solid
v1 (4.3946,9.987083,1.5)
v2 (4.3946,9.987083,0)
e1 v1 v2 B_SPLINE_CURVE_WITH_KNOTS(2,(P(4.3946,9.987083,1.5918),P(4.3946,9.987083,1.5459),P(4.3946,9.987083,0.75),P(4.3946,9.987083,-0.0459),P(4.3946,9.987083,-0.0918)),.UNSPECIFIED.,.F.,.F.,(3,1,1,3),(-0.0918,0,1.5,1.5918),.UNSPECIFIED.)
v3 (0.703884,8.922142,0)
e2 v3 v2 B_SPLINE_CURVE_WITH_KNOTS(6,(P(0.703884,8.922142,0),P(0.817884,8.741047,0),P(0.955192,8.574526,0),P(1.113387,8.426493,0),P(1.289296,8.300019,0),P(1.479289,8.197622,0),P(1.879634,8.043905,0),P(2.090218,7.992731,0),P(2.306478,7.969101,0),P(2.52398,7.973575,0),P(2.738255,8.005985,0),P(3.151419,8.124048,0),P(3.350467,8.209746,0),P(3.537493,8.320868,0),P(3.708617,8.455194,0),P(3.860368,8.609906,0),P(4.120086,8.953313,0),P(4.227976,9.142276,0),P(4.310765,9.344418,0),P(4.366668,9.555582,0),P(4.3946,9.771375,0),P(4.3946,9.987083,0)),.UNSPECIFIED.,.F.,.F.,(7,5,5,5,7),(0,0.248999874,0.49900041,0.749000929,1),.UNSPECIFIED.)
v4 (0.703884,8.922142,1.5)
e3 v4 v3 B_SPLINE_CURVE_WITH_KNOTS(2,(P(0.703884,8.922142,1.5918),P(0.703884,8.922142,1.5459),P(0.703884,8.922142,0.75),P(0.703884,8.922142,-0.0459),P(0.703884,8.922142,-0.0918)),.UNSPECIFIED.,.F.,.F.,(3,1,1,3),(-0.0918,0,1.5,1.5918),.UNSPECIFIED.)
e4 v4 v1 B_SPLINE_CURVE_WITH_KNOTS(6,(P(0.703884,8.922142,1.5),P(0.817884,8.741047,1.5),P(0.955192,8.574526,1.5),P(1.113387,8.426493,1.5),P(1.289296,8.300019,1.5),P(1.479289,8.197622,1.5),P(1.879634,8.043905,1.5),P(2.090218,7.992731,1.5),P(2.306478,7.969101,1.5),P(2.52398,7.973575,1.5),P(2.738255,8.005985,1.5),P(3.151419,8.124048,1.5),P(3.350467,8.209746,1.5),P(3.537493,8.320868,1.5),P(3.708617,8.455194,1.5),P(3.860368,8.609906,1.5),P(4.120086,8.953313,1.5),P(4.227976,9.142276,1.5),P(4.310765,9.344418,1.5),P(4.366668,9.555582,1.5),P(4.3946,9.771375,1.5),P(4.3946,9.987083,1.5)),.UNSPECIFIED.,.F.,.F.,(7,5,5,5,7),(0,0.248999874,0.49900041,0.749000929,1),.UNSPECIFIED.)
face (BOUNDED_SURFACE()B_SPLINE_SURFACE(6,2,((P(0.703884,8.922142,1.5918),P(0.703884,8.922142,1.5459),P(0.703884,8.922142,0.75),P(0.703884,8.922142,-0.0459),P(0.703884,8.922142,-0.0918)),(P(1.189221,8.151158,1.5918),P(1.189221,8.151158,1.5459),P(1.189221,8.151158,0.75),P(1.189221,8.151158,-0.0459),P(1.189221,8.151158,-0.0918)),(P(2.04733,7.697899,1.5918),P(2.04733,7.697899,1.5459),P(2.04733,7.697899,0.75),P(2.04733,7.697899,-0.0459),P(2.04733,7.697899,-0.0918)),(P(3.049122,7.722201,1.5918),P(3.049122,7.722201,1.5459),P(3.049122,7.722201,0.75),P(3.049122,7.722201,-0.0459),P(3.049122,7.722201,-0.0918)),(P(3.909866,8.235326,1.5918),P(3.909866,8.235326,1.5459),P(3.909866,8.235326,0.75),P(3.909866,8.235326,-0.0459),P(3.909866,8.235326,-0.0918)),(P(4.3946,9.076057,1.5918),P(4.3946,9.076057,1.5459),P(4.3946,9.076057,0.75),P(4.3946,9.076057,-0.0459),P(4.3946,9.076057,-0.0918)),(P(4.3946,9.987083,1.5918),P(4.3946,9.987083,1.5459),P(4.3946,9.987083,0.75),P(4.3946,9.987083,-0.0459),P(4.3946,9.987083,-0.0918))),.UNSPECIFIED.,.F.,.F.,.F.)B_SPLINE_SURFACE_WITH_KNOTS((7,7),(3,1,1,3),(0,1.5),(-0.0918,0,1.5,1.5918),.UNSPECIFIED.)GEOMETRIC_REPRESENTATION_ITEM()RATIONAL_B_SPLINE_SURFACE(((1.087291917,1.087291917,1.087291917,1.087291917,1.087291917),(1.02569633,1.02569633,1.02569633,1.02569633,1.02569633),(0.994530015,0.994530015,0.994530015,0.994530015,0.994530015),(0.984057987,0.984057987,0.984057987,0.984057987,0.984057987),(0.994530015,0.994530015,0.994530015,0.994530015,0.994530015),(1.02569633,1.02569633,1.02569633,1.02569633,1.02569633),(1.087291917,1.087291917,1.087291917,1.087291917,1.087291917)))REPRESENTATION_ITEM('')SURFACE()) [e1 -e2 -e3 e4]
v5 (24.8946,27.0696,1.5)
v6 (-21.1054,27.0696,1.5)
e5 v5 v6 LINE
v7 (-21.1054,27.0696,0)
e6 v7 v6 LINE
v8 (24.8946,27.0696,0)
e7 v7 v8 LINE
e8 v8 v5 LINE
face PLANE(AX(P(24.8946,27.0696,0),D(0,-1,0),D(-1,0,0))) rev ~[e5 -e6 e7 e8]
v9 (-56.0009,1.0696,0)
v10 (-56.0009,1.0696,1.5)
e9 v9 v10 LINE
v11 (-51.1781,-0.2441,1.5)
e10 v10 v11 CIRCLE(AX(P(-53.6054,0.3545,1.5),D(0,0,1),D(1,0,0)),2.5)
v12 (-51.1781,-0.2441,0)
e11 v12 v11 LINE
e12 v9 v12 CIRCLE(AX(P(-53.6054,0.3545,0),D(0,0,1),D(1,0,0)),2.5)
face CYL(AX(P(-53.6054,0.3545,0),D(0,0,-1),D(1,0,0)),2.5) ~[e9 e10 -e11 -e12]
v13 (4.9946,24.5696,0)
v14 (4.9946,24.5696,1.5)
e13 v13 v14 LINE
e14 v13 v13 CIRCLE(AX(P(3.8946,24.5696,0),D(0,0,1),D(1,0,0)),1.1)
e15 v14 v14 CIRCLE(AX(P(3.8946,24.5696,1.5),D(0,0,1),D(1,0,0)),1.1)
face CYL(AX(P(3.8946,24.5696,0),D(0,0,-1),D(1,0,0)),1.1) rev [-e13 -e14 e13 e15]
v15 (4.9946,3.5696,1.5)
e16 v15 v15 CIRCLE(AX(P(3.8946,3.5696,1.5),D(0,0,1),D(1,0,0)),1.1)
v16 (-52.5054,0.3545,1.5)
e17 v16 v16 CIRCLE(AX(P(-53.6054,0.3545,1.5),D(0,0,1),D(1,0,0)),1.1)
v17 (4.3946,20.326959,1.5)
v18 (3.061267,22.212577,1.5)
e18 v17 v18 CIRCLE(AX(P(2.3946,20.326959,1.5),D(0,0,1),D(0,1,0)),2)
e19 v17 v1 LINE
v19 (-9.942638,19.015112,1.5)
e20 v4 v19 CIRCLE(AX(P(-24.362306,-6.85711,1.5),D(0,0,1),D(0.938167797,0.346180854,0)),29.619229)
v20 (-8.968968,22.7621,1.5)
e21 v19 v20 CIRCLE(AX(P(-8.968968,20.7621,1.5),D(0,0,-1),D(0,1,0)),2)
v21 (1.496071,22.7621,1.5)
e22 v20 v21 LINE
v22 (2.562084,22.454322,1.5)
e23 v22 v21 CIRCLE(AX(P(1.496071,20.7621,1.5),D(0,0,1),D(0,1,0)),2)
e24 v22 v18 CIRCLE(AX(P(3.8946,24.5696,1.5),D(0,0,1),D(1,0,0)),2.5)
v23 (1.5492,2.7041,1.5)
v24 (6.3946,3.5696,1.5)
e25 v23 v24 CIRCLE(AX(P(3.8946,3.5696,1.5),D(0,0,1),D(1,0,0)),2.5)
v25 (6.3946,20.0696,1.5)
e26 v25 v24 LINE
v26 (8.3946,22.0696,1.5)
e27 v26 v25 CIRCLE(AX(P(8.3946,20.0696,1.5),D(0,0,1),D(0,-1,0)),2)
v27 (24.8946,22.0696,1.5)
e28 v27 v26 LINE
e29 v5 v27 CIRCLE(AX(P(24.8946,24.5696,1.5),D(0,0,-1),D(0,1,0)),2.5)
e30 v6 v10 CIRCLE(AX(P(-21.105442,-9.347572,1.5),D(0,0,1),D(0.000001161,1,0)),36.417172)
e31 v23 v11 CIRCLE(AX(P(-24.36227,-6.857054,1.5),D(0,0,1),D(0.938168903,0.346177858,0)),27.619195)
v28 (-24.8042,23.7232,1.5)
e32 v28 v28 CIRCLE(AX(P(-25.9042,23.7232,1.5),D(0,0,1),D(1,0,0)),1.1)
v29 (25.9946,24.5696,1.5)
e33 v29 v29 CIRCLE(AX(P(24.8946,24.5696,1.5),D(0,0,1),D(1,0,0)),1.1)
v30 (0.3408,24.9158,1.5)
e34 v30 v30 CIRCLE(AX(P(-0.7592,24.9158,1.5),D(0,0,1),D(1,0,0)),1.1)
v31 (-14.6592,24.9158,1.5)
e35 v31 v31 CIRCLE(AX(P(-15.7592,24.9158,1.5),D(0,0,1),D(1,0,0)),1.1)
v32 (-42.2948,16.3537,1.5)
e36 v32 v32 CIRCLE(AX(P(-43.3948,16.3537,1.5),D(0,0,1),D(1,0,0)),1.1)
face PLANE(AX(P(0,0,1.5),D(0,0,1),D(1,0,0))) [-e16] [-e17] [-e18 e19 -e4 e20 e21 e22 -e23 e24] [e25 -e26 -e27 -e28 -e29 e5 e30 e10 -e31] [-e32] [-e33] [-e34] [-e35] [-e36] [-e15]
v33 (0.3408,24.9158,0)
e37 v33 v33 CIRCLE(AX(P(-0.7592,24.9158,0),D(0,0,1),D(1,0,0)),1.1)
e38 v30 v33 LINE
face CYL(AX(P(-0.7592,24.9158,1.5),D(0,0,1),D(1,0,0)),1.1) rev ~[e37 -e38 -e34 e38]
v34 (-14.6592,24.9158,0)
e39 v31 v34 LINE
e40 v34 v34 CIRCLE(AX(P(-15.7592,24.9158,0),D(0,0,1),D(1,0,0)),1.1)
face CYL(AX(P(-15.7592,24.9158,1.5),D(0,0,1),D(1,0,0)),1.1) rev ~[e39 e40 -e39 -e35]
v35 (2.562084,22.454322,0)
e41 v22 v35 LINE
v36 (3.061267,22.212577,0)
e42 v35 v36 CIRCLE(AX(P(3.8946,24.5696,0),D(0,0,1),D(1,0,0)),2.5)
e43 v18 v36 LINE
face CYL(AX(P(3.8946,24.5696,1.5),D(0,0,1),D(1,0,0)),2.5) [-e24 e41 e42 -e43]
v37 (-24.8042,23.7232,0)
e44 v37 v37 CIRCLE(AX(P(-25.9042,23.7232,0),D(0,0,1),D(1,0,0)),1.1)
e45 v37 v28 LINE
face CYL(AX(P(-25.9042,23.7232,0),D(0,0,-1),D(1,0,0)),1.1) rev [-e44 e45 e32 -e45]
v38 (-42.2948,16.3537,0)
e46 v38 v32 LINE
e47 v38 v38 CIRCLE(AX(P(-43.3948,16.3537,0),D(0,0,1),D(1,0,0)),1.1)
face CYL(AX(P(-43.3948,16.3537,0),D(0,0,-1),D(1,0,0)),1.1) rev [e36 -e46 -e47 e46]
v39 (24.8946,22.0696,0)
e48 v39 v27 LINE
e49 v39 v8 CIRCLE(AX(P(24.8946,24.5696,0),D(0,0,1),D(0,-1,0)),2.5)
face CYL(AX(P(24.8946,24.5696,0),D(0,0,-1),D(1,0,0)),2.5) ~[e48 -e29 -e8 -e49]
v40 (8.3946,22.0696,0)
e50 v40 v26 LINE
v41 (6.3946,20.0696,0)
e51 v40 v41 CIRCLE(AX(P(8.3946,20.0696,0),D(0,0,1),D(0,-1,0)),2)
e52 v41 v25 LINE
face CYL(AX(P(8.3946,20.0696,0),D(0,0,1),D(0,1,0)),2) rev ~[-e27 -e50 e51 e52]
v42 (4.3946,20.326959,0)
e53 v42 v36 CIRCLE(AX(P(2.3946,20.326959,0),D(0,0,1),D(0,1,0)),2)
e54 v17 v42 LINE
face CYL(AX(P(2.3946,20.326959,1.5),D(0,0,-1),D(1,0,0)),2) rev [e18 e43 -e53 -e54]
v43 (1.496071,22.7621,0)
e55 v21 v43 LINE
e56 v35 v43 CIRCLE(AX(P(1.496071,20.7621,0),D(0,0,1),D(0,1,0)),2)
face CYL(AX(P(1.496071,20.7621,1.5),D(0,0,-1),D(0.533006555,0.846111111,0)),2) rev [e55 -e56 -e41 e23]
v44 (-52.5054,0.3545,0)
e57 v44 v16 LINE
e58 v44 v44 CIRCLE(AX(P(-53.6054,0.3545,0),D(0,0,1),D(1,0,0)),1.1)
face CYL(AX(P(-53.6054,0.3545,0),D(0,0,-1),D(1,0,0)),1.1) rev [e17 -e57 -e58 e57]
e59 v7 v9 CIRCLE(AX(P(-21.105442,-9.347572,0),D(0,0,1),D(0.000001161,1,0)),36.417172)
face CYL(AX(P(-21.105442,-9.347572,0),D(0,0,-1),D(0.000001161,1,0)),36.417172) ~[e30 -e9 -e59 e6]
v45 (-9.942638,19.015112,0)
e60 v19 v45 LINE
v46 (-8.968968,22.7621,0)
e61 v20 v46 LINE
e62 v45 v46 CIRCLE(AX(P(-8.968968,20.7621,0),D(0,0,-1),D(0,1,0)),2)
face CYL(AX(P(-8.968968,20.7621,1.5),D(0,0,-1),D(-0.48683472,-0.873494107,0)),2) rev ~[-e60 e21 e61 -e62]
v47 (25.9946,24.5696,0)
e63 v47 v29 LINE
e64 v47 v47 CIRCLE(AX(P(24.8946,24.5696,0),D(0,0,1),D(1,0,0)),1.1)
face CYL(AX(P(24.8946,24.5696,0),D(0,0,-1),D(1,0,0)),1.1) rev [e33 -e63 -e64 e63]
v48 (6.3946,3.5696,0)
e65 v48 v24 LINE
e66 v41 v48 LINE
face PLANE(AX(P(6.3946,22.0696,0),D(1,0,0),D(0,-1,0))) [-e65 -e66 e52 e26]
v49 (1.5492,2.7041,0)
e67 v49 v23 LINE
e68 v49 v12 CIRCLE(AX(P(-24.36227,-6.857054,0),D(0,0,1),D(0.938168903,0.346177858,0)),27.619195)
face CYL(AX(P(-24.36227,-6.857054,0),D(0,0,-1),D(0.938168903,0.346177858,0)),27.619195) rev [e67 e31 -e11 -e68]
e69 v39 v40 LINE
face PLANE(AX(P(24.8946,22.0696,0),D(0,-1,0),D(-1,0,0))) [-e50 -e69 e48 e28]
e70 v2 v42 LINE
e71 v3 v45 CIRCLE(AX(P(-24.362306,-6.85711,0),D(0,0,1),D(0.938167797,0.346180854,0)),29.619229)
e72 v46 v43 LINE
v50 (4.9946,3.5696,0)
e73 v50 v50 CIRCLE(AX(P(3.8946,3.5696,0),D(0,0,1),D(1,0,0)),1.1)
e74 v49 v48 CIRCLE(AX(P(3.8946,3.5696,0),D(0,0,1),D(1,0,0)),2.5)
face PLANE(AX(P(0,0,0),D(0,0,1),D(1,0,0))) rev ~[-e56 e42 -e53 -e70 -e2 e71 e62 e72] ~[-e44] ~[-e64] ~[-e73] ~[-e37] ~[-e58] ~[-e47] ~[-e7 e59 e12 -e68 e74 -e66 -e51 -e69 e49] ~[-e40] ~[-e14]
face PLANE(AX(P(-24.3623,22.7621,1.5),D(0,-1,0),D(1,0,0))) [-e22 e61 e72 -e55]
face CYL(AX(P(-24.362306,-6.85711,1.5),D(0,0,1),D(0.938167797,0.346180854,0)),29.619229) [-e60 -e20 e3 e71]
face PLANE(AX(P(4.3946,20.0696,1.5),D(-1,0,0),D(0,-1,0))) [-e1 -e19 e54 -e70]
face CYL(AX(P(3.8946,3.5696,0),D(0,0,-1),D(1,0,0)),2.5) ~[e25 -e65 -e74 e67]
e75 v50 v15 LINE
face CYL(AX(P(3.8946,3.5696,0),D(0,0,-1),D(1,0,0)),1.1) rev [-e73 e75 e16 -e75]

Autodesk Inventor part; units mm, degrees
ref_plane "YZ Plane" through (0, 0, 0) normal (1, 0, 0) x (0, 1, 0)
ref_plane "XZ Plane" through (0, 0, 0) normal (0, 1, 0) x (-1, 0, 0)
ref_plane "XY Plane" through (0, 0, 0) normal (0, 0, 1) x (1, 0, 0)
sketch "スケッチ2" plane through (0, 0, 0) normal (0, 0, 1) x (1, 0, 0)
  circle A0 centre (24.8946, 24.5696) radius 0.85 projected
  circle A1 centre (3.8946, 24.5696) radius 0.85 projected
  circle A2 centre (3.8946, 3.5696) radius 0.85 projected
  circle A3 centre (24.8946, 24.5696) radius 2.5
  circle A4 centre (24.8946, 24.5696) radius 1.1
  circle A5 centre (3.8946, 24.5696) radius 1.1
  circle A6 centre (3.8946, 24.5696) radius 2.5
  circle A7 centre (3.8946, 3.5696) radius 2.5
  circle A8 centre (3.8946, 3.5696) radius 1.1
  line L0 (24.8946, 27.0696) -> (3.8946, 27.0696)
  line L1 (24.8946, 22.0696) -> (3.8946, 22.0696)
  line L2 (6.3946, 24.5696) -> (6.3946, 3.5696)
  line L3 (3.8946, 27.0696) -> (-21.1054, 27.0696)
  arc A9 (-21.1054, 27.0696) -> (-56.0009, 1.0696) centre (-21.1054, -9.3477) ccw
  line L4 (3.8946, 1.0696) -> (-56.0009, 1.0696) construction
  circle A10 centre (-53.6054, 0.3545) radius 2.5
  arc A11 (1.5492, 2.7041) -> (-51.1781, -0.2441) centre (-24.3623, -6.8571) ccw
  circle A12 centre (-25.9042, 23.7232) radius 3 construction
  circle A13 centre (-53.6054, 0.3545) radius 1.1
  circle A14 centre (-25.9042, 23.7232) radius 1.1
  circle A15 centre (-43.3948, 16.3537) radius 2.3971 construction
  line L5 (-43.3948, 16.3537) -> (-25.9042, 23.7232) construction
  line L6 (-43.3948, 16.3537) -> (-53.6054, 0.3545) construction
  circle A16 centre (-43.3948, 16.3537) radius 1.1
  point P0 (0, 0)
  point P1 (3.8946, 1.0696)
  point P2 (1.4587, 3.0071)
  point P3 (-51.2099, 1.0696)
  point P4 (-55.9852, 1.6541)
  point P5 (6.3946, 22.0696)
  point P6 (-25.9042, 20.719)
  dimension "d10" = 5
  dimension "d11" = 2.2
  dimension "d12" = 2.2
  dimension "d13" = 5
  dimension "d14" = 5
  dimension "d15" = 2.2
  dimension "d16" = 25
  dimension "d17" = 5
  dimension "d21" = 60
  dimension "d23" = 6
  dimension "d24" = 2.2
  dimension "d25" = 2.2
  dimension "d26" = 2.2
extrude "押し出し1" add sketch "スケッチ2" along normal blind 1.5 contours A3 | A3 L1 L2 A6 L0 | A6 | A6 L1 L2 A7 A11 A10 A9 L3 | L1 A6 L2 | A7 | A10
fillet "フィレット1" radius 2 1 edges at (6.3946, 22.0696, 0.75)
sketch "スケッチ3" plane through (0, 0, 1.5) normal (0, 0, 1) x (1, 0, 0)
  line L0 (-24.3623, 22.7621) -> (4.3946, 22.7621)
  line L1 (4.3946, 22.7621) -> (4.3946, 6.0191)
  line L2 (6.3946, 3.5696) -> (6.3946, 20.0696) projected
  line L3 (24.8946, 27.0696) -> (-21.1054, 27.0696) projected
  circle A0 centre (3.8946, 24.5696) radius 1.1 projected
  circle A1 centre (3.8946, 24.5696) radius 2.5
  arc A2 (1.5492, 2.7041) -> (-51.1781, -0.2441) centre (-24.3623, -6.8571) ccw projected
  arc A3 (1.5492, 2.7041) -> (6.3946, 3.5696) centre (3.8946, 3.5696) ccw projected
  circle A4 centre (3.8946, 3.5696) radius 2.5
  arc A5 (3.4255, 3.3965) -> (-53.12, 0.2347) centre (-24.3623, -6.8571) ccw
  arc A6 (3.4255, 3.3965) -> (4.3946, 3.5696) centre (3.8946, 3.5696) ccw
  line L4 (4.3946, 3.5696) -> (4.3946, 20.0696)
  point P0 (0, 0)
  point P1 (2.4919, 5.639)
  point P2 (4.3946, 22.1201)
  point P3 (2.1675, 22.7621)
  dimension "d27" = 2
  dimension "d30" = 2
extrude "押し出し2" cut sketch "スケッチ3" against normal through all contours L0 A1 L1 A4 A5
fillet "フィレット2" radius 2 5 edges at (-24.3623, 22.7621, 0.75) (2.4919, 5.639, 0.75) (4.3946, 6.0191, 0.75) (4.3946, 22.1201, 0.75) (2.1675, 22.7621, 0.75)
sketch "スケッチ4" plane through (0, 0, 1.5) normal (0, 0, 1) x (1, 0, 0)
  circle A0 centre (-15.7592, 24.9158) radius 1.1
  circle A1 centre (-0.7592, 24.9158) radius 1.1
  circle A2 centre (-0.7592, 24.9158) radius 2.1538
  line L0 (24.8946, 27.0696) -> (-21.1054, 27.0696) projected
  line L1 (-8.969, 22.7621) -> (1.4961, 22.7621) projected
  line L2 (1.3946, 24.5696) -> (1.3946, 3.5696) projected
  point P0 (0, 0)
  dimension "d34" = 2.2
  dimension "d35" = 2.2
  dimension "d36" = 15
extrude "押し出し3" cut sketch "スケッチ4" against normal through all contours A0 | A1
properties part number "tesaki" material "アルミニウム 2014-T4"
